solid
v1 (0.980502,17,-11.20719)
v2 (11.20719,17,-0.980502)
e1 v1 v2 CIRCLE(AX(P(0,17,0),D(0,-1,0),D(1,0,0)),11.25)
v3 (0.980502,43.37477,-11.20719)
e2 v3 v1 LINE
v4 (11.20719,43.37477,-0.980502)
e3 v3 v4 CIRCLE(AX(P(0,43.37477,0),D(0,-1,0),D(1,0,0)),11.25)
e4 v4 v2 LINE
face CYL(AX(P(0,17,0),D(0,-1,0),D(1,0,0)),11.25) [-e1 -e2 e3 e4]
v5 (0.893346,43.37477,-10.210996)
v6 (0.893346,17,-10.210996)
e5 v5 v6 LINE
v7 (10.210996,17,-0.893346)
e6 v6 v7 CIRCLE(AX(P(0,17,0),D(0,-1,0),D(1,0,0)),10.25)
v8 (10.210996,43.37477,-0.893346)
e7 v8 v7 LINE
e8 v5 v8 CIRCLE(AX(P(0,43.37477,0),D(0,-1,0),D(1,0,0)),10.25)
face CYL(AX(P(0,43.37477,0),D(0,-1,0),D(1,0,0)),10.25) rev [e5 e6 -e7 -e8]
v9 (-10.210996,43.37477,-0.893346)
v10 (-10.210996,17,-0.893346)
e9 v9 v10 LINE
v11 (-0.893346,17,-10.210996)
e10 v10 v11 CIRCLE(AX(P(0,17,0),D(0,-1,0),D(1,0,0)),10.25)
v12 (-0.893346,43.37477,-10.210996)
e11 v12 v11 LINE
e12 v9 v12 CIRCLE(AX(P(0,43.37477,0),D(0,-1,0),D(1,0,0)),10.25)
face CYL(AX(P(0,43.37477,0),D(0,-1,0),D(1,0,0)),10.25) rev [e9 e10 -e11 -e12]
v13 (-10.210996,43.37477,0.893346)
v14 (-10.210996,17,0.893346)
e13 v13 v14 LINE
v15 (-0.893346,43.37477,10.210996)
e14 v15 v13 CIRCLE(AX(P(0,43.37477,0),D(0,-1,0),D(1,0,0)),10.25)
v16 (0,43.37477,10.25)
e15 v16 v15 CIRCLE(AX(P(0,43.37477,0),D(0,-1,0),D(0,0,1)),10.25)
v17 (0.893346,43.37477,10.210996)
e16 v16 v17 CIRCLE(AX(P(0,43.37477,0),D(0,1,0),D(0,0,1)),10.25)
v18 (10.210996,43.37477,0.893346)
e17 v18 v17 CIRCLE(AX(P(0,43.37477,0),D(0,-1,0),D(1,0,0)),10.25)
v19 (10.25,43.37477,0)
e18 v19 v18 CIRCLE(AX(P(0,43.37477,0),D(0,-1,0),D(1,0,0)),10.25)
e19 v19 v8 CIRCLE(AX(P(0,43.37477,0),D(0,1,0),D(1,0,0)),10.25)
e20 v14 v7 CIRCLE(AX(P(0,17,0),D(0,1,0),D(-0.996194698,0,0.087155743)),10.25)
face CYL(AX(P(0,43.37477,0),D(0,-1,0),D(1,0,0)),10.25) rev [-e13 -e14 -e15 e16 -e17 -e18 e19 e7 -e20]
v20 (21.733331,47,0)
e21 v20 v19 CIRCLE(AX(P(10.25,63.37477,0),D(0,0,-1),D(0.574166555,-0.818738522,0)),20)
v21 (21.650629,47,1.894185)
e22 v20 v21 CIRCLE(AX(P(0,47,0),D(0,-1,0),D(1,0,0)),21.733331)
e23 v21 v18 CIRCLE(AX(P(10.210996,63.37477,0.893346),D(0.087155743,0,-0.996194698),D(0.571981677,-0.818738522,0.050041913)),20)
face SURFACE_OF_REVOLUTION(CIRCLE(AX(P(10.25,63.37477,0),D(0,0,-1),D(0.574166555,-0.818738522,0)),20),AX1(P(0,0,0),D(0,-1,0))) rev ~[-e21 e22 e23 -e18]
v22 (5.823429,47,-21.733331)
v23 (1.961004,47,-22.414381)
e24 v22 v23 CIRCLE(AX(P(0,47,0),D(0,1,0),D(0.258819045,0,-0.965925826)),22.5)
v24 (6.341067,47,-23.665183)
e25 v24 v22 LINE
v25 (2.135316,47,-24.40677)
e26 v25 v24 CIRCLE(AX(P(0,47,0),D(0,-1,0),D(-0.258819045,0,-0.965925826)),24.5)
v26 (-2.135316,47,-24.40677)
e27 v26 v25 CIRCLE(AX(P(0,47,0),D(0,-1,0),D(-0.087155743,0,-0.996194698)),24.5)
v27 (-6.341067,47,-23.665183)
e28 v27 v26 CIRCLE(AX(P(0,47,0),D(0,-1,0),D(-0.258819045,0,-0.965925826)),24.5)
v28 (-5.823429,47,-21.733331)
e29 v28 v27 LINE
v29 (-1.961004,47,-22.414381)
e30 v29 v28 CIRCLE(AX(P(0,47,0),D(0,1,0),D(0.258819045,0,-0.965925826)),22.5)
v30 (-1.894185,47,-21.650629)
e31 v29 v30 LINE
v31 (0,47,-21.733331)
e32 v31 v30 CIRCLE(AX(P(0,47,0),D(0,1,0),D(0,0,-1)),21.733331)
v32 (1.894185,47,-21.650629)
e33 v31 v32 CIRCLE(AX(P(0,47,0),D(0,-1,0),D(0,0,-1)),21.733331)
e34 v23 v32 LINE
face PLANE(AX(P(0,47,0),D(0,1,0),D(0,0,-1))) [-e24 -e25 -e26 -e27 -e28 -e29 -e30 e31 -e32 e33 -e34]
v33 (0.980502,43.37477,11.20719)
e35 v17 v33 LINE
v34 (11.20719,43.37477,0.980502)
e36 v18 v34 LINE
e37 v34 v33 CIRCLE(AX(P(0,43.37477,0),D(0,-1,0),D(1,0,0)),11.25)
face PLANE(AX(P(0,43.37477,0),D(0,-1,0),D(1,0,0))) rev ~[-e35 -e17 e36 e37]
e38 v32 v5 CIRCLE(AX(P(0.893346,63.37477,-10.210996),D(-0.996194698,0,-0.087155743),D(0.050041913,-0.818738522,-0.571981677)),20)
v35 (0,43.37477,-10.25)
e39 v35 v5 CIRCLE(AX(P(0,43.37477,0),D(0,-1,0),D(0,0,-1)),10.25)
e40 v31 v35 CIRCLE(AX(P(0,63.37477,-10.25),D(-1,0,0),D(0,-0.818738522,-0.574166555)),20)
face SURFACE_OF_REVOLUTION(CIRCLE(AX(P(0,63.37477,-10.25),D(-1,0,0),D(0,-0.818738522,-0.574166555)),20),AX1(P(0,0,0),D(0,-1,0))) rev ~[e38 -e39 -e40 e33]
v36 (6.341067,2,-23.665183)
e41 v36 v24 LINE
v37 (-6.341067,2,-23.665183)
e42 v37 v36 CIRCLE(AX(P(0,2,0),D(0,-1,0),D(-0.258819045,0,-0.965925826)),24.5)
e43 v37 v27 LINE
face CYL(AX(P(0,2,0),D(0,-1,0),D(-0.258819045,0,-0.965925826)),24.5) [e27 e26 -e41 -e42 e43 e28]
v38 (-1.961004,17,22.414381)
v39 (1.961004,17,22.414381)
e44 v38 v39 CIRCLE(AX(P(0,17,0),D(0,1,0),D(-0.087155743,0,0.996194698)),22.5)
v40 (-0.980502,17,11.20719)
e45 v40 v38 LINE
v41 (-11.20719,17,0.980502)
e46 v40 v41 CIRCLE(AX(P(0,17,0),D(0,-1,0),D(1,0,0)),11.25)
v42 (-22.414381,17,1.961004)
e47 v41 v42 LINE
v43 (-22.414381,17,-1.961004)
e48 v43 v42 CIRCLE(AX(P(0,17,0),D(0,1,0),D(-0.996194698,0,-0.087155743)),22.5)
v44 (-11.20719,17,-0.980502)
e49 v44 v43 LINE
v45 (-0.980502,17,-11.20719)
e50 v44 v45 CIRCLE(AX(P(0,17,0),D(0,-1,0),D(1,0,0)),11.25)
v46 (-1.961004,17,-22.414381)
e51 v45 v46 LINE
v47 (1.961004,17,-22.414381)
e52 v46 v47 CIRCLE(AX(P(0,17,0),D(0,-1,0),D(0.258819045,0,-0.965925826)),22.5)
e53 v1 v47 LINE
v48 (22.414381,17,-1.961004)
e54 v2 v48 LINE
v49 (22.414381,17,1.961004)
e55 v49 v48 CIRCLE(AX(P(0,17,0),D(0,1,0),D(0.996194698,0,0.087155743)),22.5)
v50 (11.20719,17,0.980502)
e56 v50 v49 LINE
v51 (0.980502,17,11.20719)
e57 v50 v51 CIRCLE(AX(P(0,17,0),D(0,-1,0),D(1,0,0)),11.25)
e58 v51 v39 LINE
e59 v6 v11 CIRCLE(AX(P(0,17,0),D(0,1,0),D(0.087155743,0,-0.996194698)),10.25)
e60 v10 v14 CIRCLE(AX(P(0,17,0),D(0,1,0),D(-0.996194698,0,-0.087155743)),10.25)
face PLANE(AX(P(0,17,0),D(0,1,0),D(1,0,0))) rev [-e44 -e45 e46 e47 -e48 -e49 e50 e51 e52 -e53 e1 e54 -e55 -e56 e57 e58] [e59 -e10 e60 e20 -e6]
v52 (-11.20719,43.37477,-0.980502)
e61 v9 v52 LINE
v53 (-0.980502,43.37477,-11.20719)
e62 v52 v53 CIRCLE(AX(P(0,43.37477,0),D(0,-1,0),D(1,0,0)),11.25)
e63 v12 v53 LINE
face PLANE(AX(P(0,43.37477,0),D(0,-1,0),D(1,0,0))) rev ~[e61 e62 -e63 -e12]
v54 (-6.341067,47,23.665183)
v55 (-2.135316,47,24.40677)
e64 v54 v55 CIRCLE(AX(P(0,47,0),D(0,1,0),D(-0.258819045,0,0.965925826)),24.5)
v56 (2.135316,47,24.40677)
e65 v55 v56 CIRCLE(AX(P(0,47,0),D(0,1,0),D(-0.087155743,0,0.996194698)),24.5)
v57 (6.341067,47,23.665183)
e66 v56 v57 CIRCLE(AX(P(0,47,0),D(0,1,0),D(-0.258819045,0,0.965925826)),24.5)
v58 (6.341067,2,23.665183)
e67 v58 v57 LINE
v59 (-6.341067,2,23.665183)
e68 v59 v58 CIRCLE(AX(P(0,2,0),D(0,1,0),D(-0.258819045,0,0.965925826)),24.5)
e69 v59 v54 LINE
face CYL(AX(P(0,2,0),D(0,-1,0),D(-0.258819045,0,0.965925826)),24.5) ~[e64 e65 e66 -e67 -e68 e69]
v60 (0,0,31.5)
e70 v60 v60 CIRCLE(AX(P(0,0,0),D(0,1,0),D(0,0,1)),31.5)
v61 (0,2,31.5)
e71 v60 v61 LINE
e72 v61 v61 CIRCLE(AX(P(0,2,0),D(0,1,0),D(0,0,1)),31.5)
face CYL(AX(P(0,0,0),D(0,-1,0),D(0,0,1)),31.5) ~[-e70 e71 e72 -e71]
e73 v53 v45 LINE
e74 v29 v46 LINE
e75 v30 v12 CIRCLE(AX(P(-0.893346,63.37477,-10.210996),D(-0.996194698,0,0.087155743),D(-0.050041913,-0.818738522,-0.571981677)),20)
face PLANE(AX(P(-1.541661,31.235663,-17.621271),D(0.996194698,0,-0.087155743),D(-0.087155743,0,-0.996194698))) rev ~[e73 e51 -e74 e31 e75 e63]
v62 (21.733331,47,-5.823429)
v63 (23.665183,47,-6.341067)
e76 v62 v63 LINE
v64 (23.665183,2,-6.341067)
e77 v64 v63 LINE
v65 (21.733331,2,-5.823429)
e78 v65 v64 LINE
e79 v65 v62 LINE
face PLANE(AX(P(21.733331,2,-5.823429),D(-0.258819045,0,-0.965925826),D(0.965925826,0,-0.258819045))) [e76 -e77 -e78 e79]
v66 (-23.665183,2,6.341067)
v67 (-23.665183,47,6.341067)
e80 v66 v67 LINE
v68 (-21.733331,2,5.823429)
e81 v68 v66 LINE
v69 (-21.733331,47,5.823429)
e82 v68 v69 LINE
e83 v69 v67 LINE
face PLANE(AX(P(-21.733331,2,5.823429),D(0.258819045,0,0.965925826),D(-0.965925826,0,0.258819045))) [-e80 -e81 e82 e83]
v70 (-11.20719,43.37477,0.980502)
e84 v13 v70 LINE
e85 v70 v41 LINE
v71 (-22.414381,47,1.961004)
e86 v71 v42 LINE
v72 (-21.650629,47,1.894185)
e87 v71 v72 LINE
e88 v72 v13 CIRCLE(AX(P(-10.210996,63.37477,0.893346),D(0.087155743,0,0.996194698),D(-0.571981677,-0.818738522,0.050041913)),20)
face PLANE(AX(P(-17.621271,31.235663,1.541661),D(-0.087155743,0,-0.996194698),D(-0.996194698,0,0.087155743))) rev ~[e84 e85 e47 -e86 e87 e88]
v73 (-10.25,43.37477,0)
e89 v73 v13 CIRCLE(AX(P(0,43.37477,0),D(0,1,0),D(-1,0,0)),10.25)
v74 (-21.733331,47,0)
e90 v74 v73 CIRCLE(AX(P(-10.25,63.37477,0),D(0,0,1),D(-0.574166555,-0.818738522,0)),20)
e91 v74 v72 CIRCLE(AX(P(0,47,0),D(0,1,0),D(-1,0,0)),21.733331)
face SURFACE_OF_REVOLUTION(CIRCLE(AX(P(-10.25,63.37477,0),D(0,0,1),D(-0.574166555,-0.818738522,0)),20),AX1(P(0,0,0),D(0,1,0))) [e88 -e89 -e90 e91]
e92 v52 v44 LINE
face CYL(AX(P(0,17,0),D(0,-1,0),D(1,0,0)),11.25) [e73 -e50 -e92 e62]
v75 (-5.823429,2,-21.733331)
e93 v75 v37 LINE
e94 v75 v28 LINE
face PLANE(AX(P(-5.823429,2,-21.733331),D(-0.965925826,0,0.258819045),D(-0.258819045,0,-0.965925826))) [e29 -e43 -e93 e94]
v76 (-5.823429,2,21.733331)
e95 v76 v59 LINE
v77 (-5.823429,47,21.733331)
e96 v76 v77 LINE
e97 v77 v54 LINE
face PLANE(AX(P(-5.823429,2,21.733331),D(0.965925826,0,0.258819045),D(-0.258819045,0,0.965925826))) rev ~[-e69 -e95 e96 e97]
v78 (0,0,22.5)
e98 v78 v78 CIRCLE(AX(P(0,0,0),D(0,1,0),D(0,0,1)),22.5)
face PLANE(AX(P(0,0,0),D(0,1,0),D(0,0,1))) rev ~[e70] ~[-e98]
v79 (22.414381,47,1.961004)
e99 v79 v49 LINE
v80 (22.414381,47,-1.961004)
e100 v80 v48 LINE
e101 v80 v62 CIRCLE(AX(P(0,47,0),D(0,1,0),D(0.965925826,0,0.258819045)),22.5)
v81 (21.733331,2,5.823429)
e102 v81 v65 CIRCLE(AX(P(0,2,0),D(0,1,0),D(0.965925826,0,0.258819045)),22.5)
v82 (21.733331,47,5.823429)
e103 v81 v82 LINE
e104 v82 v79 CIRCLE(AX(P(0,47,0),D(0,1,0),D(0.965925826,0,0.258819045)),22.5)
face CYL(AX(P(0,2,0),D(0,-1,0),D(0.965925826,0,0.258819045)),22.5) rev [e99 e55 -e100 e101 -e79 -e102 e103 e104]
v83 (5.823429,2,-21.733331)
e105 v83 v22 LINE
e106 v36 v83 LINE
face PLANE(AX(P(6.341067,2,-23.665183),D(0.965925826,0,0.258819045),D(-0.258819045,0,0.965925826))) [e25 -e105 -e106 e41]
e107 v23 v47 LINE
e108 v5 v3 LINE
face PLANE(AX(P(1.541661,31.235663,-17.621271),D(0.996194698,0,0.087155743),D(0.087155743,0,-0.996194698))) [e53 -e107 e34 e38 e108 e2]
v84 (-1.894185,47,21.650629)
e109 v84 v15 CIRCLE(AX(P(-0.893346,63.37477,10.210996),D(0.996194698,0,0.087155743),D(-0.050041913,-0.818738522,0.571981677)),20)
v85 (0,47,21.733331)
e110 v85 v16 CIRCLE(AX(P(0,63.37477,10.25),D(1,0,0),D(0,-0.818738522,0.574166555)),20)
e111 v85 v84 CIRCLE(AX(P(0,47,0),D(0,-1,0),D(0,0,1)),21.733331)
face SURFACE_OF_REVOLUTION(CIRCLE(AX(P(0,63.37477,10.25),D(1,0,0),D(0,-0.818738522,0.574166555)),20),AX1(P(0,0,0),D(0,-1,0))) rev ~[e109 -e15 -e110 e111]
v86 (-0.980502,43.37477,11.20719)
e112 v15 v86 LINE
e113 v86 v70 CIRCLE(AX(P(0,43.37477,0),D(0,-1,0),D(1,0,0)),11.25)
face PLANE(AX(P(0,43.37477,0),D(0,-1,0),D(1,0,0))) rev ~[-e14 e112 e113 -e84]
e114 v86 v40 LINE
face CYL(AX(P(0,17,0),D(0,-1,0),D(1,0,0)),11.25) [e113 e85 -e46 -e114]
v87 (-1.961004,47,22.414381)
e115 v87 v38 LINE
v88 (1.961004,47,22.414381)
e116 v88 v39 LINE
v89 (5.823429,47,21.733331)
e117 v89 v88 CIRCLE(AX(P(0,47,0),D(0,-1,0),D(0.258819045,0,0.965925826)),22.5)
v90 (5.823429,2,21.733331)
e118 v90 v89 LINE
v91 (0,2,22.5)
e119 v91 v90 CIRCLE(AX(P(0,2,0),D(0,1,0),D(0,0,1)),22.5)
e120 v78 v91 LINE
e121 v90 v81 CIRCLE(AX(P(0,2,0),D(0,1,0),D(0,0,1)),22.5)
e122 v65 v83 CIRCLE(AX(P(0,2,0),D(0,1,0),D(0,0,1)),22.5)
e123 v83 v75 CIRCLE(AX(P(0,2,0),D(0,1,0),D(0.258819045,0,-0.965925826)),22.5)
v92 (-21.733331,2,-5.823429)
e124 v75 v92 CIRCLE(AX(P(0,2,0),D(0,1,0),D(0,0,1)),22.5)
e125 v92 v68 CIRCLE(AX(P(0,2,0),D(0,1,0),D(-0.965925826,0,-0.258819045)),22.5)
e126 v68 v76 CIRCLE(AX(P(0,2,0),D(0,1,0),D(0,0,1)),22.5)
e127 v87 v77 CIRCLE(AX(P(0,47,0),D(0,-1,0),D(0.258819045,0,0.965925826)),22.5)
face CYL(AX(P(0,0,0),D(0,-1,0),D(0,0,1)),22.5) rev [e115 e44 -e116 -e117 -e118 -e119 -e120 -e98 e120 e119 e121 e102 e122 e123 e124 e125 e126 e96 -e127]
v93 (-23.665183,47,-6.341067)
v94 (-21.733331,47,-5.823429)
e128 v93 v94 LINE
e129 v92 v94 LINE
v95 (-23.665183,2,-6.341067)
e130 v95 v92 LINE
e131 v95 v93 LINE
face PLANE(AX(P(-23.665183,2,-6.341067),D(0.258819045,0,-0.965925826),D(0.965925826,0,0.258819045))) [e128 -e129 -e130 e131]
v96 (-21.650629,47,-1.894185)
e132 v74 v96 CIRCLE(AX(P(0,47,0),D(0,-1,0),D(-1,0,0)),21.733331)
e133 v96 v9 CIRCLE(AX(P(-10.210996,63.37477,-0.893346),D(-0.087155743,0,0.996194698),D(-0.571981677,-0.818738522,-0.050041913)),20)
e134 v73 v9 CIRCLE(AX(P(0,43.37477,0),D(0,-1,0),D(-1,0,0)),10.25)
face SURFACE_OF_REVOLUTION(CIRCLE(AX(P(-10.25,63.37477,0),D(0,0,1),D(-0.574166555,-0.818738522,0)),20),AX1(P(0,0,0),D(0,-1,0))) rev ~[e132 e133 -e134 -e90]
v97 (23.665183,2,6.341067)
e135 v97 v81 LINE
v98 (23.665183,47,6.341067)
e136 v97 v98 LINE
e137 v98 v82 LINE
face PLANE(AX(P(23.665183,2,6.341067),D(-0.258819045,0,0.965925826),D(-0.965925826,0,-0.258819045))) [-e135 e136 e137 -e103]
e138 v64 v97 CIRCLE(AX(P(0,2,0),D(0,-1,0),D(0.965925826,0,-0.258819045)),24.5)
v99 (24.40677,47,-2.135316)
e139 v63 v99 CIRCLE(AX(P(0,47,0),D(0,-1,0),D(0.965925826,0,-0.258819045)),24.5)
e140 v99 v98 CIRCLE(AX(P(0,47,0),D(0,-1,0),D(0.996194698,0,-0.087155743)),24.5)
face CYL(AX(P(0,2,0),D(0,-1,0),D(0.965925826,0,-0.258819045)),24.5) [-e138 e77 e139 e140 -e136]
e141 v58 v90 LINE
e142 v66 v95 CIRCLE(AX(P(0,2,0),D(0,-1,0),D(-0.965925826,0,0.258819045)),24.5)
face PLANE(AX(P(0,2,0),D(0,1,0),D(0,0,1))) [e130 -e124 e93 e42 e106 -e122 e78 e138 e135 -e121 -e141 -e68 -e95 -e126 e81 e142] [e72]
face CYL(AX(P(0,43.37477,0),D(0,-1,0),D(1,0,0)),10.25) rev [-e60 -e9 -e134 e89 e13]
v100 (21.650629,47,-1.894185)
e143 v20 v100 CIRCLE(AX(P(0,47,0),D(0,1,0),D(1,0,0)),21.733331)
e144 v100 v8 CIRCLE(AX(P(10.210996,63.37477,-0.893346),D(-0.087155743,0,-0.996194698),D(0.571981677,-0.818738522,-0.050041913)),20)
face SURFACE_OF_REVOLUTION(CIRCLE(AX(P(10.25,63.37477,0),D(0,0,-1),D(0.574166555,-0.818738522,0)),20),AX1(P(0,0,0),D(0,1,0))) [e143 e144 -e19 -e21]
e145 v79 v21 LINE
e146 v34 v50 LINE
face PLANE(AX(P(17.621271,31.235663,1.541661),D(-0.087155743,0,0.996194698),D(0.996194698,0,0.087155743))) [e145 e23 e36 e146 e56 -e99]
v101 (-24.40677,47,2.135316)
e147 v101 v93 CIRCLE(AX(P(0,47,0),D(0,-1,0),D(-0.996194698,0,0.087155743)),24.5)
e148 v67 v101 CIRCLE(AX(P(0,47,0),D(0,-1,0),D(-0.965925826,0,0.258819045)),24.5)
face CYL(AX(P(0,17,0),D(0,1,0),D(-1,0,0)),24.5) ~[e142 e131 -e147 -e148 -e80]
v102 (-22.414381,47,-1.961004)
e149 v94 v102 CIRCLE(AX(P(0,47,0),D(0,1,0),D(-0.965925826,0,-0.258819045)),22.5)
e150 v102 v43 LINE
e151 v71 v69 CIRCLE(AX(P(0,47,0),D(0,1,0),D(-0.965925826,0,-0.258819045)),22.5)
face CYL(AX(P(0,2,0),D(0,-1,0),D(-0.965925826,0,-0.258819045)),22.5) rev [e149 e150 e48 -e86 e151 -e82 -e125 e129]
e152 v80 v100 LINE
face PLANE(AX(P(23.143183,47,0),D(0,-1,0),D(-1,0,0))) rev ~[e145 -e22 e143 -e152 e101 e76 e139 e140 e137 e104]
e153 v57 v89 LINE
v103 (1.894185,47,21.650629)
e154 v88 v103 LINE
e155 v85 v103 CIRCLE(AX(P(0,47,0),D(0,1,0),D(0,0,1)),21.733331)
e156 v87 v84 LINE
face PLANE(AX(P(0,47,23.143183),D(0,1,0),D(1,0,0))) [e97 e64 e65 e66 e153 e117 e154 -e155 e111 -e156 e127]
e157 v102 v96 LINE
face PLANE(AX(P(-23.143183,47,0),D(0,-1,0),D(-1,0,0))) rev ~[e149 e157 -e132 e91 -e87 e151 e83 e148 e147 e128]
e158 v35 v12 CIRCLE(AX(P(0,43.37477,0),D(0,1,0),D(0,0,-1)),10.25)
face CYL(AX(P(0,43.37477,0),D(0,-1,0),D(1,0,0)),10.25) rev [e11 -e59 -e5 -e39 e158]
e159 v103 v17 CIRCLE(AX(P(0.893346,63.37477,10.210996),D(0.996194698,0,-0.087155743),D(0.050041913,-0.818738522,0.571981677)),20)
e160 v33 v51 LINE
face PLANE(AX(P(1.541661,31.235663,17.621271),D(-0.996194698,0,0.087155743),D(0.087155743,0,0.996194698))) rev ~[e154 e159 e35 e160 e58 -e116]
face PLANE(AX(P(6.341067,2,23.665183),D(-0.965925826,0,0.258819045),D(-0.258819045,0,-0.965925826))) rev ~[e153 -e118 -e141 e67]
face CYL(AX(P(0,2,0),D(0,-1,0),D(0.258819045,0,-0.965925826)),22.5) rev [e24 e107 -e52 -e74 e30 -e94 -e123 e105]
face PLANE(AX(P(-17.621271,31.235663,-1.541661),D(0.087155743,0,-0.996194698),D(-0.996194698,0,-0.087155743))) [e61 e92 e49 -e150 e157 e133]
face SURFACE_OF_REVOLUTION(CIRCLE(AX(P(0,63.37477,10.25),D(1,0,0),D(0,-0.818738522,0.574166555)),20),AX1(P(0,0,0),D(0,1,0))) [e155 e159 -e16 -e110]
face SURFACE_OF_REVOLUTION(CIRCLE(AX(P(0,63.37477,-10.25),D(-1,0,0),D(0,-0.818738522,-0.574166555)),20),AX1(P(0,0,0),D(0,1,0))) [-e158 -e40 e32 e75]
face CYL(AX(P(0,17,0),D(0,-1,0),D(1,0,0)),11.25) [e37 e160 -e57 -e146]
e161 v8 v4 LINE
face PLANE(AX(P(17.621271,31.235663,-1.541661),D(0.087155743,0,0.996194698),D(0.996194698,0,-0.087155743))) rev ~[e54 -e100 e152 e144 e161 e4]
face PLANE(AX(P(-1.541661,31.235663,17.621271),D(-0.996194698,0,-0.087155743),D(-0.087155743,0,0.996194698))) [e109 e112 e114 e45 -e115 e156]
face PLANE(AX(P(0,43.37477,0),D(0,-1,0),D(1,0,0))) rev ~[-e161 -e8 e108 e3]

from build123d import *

# Parameters (mm, degrees)
ESBO_O1_R                = 31.5
ESBO_O1_R_2              = 22.5
RESSALTO_EXTRUS_O1_DEPTH = 2
RESSALTO_EXTRUS_O2_DEPTH = 45
REVOLU_O1_ANGLE          = 10
PADR_OCIRCULAR1_COUNT    = 2
PADR_OCIRCULAR1_ANGLE    = 90
ESBO_O5_R                = 11.25
ESBO_O5_R_2              = 10.25
RESSALTO_EXTRUS_O3_DEPTH = 26.37477


with BuildPart() as part:
    # Esboço1 → Ressalto-extrusão1 (new body)
    with BuildSketch(Plane(origin=(0, 0, 0), x_dir=(1, 0, 0), z_dir=(0, 1, 0))):
        with Locations(Location((0, 0, 0), (0, 0, 270))):
            Circle(ESBO_O1_R)
        with Locations(Location((0, 0, 0), (0, 0, 270))):
            Circle(ESBO_O1_R_2, mode=Mode.SUBTRACT)
    extrude(amount=RESSALTO_EXTRUS_O1_DEPTH)

    # Esboço3 → Ressalto-extrusão2 (add)
    with BuildSketch(Plane(origin=(0, 2, 0), x_dir=(1, 0, 0), z_dir=(0, 1, 0))):
        with BuildLine():
            Line((-5.823428515, -21.733331092), (-6.341066605, -23.665182744))
            ThreePointArc((-6.341066605, -23.665182744), (0, -24.5), (6.341066605, -23.665182744))
            Line((6.341066605, -23.665182744), (5.823428515, -21.733331092))
            ThreePointArc((5.823428515, -21.733331092), (0, -22.5), (-5.823428515, -21.733331092))
        make_face()
        with BuildLine():
            Line((-21.733331092, -5.823428515), (-23.665182744, -6.341066605))
            ThreePointArc((-23.665182744, -6.341066605), (-24.5, 0), (-23.665182744, 6.341066605))
            Line((-23.665182744, 6.341066605), (-21.733331092, 5.823428515))
            ThreePointArc((-21.733331092, 5.823428515), (-22.5, 0), (-21.733331092, -5.823428515))
        make_face()
        with BuildLine():
            Line((-5.823428515, 21.733331092), (-6.341066605, 23.665182744))
            ThreePointArc((-6.341066605, 23.665182744), (0, 24.5), (6.341066605, 23.665182744))
            Line((6.341066605, 23.665182744), (5.823428515, 21.733331092))
            ThreePointArc((5.823428515, 21.733331092), (0, 22.5), (-5.823428515, 21.733331092))
        make_face()
        with BuildLine():
            Line((21.733331092, 5.823428515), (23.665182744, 6.341066605))
            ThreePointArc((23.665182744, 6.341066605), (24.5, 0), (23.665182744, -6.341066605))
            Line((23.665182744, -6.341066605), (21.733331092, -5.823428515))
            ThreePointArc((21.733331092, -5.823428515), (22.5, 0), (21.733331092, 5.823428515))
        make_face()
    extrude(amount=RESSALTO_EXTRUS_O2_DEPTH)

    # Esboço4 → Revolução1 (revolve, symmetric)
    with BuildSketch(Plane.XY) as revolu_o1_sk:
        with BuildLine():
            Line((-24.5, 47), (-21.733331092, 47))
            ThreePointArc((-21.733331092, 47), (-16.270987924, 44.302599501), (-10.25, 43.374770442))
            Line((-10.25, 43.374770442), (-10.25, 17))
            Line((-10.25, 17), (-24.5, 17))
            Line((-24.5, 17), (-24.5, 47))
        make_face()
        with BuildLine():
            Line((10.25, 17), (24.5, 17))
            Line((24.5, 17), (24.5, 47))
            Line((24.5, 47), (21.733331092, 47))
            ThreePointArc((21.733331092, 47), (16.270987924, 44.302599501), (10.25, 43.374770442))
            Line((10.25, 43.374770442), (10.25, 17))
        make_face()
    revolu_o1 = revolve(axis=Axis((0, 0, 0), (0, 1, 0)), revolution_arc=REVOLU_O1_ANGLE / 2)
    revolu_o1 = revolu_o1 + revolve(revolu_o1_sk.sketch, axis=Axis((0, 0, 0), (0, -1, 0)), revolution_arc=REVOLU_O1_ANGLE / 2)

    # PadrãoCircular1: Revolução1 ×2 about axis
    padr_ocircular1_axis = Axis((0, 0, 0), (0, 1, 0))
    for i in range(1, PADR_OCIRCULAR1_COUNT):
        add(revolu_o1.rotate(padr_ocircular1_axis, i * PADR_OCIRCULAR1_ANGLE / (PADR_OCIRCULAR1_COUNT - 1)))

    # Esboço5 → Ressalto-extrusão3 (add)
    with BuildSketch(Plane.XZ.offset(-17)):
        Circle(ESBO_O5_R)
        Circle(ESBO_O5_R_2, mode=Mode.SUBTRACT)
    extrude(amount=-RESSALTO_EXTRUS_O3_DEPTH)


solid = part.part
